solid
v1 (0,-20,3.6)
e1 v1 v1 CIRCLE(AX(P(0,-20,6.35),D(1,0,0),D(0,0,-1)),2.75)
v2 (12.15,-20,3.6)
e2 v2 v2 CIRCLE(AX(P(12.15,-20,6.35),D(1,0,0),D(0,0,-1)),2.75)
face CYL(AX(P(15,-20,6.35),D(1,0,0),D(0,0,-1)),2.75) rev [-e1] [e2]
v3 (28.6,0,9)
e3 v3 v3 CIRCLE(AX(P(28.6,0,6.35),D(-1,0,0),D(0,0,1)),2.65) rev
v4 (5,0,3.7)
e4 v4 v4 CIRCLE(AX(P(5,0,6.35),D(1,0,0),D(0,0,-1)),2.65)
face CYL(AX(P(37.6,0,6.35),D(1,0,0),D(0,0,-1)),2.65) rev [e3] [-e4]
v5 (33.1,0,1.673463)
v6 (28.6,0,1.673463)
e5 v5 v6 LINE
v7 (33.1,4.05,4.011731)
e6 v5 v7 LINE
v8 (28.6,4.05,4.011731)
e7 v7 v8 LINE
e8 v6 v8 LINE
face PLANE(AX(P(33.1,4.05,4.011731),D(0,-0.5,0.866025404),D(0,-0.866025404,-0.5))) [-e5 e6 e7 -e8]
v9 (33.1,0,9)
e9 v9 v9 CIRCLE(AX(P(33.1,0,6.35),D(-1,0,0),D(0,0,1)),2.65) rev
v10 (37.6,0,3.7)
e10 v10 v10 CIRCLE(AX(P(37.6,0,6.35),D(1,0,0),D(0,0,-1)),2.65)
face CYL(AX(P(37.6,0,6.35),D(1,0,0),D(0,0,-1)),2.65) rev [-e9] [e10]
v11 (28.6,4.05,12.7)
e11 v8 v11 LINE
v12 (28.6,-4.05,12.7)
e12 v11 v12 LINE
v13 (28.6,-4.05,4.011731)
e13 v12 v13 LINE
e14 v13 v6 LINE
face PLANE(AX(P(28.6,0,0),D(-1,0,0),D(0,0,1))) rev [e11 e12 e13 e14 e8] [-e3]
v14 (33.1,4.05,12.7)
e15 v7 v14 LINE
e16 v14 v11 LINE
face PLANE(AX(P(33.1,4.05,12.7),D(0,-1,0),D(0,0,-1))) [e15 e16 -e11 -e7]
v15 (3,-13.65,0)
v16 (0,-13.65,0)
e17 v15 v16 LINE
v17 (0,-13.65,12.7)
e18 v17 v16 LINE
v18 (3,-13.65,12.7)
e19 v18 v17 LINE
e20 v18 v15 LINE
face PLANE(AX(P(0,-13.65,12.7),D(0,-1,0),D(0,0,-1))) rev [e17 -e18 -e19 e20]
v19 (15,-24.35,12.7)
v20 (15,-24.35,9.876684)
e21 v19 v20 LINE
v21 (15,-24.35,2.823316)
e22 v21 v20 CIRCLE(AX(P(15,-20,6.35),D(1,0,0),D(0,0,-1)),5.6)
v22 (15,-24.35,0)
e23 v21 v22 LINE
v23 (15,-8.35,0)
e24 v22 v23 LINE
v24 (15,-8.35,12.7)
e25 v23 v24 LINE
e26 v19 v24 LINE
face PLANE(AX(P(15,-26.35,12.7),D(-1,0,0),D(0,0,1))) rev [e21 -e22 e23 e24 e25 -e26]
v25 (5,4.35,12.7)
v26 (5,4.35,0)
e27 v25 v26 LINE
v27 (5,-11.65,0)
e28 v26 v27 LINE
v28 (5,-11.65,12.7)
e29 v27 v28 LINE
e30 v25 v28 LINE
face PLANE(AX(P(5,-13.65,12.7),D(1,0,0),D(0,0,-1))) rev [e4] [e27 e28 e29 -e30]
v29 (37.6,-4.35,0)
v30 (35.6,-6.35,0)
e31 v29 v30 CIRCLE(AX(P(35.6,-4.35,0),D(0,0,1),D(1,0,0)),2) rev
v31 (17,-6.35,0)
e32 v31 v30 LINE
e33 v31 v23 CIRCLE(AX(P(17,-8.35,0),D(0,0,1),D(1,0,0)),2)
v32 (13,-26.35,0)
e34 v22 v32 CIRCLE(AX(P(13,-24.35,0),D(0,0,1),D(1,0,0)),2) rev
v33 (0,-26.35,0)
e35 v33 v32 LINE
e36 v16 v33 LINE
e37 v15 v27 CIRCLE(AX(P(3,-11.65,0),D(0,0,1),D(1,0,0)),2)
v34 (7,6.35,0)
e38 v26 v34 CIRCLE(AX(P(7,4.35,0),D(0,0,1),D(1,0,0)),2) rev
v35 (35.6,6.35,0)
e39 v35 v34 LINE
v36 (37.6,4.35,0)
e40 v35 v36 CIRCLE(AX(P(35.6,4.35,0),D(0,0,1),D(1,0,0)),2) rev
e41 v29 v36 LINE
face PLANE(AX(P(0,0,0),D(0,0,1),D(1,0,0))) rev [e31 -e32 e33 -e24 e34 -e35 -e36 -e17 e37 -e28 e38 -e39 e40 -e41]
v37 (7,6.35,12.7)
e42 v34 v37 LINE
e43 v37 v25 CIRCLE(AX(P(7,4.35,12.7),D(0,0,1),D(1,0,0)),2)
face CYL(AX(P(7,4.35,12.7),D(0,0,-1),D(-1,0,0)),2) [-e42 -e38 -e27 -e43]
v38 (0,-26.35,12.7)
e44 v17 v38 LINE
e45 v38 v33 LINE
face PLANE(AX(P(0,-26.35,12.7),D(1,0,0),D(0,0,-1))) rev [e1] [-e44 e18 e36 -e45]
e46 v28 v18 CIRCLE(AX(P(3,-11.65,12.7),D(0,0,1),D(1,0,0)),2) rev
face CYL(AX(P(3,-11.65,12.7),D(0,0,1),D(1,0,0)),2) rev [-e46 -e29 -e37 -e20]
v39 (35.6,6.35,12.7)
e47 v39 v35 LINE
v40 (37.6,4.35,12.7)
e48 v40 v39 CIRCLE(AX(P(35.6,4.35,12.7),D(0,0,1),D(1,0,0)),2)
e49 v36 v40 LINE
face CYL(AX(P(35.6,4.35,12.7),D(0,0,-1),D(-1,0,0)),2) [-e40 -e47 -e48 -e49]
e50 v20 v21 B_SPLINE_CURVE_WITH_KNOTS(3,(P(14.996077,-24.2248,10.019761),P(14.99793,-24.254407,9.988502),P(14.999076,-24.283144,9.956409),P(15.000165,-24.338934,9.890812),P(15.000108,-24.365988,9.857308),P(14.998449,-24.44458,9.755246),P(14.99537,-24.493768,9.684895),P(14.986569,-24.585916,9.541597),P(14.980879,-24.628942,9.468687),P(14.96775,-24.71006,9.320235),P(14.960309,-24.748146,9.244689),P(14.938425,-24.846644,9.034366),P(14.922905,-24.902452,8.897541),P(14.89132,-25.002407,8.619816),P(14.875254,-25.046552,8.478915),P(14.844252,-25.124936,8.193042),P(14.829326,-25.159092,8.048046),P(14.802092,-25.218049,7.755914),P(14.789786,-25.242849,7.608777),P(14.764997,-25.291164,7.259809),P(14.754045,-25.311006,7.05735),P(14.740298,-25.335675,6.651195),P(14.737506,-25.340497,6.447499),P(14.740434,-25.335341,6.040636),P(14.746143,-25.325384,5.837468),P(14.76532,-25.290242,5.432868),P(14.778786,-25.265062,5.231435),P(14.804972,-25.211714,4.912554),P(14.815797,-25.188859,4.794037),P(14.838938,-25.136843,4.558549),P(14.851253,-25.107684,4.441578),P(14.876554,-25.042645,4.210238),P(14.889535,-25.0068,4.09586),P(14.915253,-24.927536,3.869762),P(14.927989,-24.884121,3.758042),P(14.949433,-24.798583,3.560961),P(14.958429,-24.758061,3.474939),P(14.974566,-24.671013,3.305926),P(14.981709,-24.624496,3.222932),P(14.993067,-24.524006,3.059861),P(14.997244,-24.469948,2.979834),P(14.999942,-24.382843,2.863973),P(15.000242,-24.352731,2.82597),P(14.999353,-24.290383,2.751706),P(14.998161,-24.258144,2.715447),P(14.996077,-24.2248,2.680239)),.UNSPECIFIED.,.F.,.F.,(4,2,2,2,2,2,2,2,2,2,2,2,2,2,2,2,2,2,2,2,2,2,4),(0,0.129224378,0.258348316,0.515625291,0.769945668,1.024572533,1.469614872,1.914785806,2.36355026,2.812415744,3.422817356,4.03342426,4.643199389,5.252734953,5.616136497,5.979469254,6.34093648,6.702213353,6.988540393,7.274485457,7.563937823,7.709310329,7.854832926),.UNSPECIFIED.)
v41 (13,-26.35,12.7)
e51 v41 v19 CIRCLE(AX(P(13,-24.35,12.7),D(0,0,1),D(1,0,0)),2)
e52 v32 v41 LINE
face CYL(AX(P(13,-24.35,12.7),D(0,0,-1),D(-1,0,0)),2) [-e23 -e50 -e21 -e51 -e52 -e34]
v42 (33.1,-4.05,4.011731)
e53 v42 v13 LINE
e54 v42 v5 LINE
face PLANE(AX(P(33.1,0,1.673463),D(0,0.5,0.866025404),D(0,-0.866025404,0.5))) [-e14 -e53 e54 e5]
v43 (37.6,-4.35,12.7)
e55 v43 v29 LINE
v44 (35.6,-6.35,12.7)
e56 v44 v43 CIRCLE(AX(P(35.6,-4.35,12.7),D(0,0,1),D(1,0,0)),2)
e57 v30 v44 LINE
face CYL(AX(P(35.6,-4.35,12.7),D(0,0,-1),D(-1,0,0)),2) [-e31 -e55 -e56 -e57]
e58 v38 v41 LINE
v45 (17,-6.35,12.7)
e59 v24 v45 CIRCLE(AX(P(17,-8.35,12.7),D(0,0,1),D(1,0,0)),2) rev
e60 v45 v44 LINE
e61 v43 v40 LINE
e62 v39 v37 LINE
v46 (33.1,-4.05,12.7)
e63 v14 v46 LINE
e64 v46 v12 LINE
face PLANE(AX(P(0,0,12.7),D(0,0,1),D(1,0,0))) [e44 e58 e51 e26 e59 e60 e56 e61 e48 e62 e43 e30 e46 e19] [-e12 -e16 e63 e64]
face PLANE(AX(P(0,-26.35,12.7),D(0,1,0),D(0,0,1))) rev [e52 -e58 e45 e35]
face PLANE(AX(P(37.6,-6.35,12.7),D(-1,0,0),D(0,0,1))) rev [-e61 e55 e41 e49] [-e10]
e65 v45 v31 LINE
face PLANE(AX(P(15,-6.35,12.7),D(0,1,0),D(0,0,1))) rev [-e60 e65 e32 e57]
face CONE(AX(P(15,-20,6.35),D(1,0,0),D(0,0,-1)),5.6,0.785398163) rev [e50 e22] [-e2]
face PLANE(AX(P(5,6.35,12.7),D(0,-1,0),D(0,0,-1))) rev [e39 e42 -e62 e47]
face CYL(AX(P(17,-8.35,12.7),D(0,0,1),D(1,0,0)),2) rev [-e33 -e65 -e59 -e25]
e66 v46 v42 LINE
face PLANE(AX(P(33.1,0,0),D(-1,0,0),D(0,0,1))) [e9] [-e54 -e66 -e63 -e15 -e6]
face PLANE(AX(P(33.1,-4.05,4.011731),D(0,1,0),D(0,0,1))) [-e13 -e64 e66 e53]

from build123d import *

# Parameters (mm, degrees)
BOSS_EXTRUDE2_DEPTH           = 12.7
FILLET1_R                     = 2
CSK_FOR_M5_SFHCS1_D           = 5.5
CSK_FOR_M5_SFHCS1_CSINK_D     = 11.2
CSK_FOR_M5_SFHCS1_CSINK_ANGLE = 90
M5_CLEARANCE_HOLE1_D          = 5.3
CUT_EXTRUDE1_DEPTH            = 4.5


with BuildPart() as part:
    # Sketch1 → Boss-Extrude2 (new body)
    with BuildSketch(Plane.XY):
        Polygon((0, -26.35), (0, -13.65), (5, -13.65), (5, 6.35), (37.6, 6.35), (37.6, -6.35), (15, -6.35), (15, -26.35), align=None)
    extrude(amount=BOSS_EXTRUDE2_DEPTH)

    # Fillet1
    fillet1_edges = [part.edges().sort_by_distance(p)[0] for p in [
        (5, -13.65, 6.35),
        (5, 6.35, 6.35),
        (37.6, 6.35, 6.35),
        (37.6, -6.35, 6.35),
        (15, -6.35, 6.35),
        (15, -26.35, 6.35),
    ]]
    fillet(fillet1_edges, radius=FILLET1_R)

    # CSK for M5 SFHCS1 (through all)
    with Locations(Plane(origin=(15, 0, 0), x_dir=(0, 0, -1), z_dir=(1, 0, 0))):
        with Locations((-6.35, -20)):
            CounterSinkHole(CSK_FOR_M5_SFHCS1_D / 2, CSK_FOR_M5_SFHCS1_CSINK_D / 2, counter_sink_angle=CSK_FOR_M5_SFHCS1_CSINK_ANGLE)

    # M5 Clearance Hole1 (through all)
    with Locations(Plane(origin=(37.6, 0, 0), x_dir=(0, 0, -1), z_dir=(1, 0, 0))):
        with Locations((-6.35, 0)):
            Hole(M5_CLEARANCE_HOLE1_D / 2)

    # Sketch8 → Cut-Extrude1 (cut)
    with BuildSketch(Plane(origin=(28.6, 0, 0), x_dir=(0, 0, -1), z_dir=(1, 0, 0))):
        Polygon((-12.7, 4.05), (-6.35, 4.05), (-4.01173141, 4.05), (-1.67346282, 0), (-4.01173141, -4.05), (-6.35, -4.05), (-12.7, -4.05), align=None)
    extrude(amount=CUT_EXTRUDE1_DEPTH, mode=Mode.SUBTRACT)


solid = part.part
